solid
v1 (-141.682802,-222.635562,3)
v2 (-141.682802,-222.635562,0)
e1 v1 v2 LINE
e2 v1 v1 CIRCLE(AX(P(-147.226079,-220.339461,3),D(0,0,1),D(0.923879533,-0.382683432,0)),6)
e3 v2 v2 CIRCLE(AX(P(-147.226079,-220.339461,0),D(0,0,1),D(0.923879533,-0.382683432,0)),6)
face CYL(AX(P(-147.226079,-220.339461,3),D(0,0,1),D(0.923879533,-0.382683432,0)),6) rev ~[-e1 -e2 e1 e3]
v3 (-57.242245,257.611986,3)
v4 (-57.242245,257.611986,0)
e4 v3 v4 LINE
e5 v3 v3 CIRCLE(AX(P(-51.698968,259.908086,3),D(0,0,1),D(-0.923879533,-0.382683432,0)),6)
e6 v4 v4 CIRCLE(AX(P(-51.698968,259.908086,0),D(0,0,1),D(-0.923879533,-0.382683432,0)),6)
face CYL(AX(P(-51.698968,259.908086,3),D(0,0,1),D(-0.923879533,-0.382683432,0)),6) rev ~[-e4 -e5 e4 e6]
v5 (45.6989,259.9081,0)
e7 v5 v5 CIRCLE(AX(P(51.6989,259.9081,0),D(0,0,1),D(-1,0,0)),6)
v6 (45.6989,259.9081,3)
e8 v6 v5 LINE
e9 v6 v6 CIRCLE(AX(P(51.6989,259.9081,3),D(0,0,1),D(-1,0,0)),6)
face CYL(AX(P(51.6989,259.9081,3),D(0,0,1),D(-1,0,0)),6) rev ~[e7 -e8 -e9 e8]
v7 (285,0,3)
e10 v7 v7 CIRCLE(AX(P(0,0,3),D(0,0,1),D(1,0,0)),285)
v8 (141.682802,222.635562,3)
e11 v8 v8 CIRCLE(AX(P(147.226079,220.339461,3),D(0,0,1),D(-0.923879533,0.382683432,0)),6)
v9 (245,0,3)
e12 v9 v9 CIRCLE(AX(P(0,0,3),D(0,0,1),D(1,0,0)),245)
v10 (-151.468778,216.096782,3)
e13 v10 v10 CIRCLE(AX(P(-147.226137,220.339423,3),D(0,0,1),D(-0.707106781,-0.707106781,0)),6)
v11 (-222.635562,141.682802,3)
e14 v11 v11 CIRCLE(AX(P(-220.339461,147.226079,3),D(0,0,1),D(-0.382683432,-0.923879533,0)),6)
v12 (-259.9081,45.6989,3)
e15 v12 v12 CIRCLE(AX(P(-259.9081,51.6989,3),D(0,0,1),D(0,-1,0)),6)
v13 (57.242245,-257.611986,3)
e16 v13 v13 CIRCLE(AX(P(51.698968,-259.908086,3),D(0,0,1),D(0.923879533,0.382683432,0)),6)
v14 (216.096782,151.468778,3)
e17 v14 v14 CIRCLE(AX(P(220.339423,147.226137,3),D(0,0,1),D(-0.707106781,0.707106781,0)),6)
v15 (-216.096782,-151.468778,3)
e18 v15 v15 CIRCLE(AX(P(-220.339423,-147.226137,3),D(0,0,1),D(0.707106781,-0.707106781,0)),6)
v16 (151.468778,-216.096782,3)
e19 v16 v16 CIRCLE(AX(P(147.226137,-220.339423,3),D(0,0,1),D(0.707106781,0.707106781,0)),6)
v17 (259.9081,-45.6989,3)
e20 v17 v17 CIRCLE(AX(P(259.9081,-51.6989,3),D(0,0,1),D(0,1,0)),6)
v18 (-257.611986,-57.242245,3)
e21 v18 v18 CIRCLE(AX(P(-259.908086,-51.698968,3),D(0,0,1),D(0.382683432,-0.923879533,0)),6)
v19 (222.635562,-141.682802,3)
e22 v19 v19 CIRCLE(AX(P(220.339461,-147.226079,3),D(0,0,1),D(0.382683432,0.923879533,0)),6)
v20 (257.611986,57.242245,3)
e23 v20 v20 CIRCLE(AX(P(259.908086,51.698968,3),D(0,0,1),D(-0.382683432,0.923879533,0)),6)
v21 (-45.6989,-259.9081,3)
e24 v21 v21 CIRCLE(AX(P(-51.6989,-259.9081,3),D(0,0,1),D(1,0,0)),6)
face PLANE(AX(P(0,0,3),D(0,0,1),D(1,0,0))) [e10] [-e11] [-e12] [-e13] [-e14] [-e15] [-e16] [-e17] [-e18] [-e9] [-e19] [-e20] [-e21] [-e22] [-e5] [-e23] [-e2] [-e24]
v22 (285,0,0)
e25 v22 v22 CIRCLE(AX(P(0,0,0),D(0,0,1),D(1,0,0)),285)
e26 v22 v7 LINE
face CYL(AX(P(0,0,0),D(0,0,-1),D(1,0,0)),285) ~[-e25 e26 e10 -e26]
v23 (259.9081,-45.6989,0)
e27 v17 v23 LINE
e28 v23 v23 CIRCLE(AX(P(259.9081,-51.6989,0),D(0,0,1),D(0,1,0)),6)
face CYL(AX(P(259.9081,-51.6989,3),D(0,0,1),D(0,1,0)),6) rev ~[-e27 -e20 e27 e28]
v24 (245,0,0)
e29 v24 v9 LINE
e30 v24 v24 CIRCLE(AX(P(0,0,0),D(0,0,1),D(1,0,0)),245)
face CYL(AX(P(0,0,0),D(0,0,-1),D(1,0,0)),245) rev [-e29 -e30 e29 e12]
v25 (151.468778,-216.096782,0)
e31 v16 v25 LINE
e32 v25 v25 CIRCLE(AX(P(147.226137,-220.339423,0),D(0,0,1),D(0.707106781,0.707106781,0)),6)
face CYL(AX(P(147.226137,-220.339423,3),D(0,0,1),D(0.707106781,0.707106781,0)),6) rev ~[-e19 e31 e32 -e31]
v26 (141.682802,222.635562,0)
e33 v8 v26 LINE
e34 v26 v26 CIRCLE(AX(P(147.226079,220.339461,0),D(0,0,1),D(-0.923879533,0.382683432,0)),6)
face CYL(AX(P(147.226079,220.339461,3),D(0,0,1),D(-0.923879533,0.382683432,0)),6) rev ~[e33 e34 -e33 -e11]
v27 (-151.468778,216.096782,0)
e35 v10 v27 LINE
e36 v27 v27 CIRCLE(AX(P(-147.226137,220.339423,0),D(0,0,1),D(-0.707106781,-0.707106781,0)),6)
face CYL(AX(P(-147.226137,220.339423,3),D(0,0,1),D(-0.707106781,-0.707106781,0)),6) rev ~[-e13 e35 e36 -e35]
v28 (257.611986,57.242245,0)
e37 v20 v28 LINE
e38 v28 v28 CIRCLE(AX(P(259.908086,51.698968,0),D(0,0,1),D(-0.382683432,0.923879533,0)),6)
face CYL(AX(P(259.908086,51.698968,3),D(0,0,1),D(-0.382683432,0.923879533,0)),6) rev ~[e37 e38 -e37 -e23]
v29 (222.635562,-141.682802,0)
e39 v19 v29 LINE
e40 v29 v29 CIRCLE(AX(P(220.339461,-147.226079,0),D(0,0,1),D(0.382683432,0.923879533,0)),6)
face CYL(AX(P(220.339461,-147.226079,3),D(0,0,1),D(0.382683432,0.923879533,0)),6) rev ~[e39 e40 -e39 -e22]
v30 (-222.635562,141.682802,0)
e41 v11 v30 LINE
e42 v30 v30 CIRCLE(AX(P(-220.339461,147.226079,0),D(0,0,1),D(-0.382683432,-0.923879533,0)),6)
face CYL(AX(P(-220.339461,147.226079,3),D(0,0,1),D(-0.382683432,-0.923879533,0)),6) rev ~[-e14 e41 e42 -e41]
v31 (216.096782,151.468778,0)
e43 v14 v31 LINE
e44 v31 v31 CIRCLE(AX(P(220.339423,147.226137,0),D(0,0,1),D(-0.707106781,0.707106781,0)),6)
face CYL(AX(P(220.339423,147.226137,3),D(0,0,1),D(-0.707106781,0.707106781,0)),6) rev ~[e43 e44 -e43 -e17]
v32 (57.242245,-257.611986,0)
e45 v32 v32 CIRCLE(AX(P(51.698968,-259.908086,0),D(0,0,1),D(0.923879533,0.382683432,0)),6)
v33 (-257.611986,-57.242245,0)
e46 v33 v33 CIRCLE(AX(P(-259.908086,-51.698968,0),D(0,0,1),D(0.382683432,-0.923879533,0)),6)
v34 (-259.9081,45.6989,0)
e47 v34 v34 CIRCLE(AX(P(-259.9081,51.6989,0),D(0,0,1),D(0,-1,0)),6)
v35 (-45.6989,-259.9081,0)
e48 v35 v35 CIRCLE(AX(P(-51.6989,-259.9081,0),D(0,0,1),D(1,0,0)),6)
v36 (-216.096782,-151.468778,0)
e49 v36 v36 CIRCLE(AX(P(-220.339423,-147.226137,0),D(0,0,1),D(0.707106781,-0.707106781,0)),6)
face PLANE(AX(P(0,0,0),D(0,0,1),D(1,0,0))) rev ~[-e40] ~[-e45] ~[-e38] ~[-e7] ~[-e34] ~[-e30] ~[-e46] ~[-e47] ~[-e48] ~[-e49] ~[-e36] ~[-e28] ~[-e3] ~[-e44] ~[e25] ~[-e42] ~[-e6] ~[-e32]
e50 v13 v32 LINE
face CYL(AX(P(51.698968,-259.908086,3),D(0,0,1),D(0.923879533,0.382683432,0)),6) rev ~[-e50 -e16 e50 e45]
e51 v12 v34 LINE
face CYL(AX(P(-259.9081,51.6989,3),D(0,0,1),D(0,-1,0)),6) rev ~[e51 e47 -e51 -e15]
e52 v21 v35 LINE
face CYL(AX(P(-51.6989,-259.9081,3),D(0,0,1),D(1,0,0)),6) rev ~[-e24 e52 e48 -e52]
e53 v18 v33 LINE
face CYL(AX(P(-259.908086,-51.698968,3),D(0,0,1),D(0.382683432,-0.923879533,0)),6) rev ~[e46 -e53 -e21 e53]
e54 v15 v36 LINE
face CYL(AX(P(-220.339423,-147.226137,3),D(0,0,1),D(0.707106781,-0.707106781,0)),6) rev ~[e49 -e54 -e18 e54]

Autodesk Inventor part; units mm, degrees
ref_plane "YZ Plane" through (0, 0, 0) normal (1, 0, 0) x (0, 1, 0)
ref_plane "XZ Plane" through (0, 0, 0) normal (0, 1, 0) x (-1, 0, 0)
ref_plane "XY Plane" through (0, 0, 0) normal (0, 0, 1) x (1, 0, 0)
sketch "Sketch1" plane through (0, 0, 0) normal (0, 0, 1) x (1, 0, 0)
  circle A0 centre (0, 0) radius 245
  circle A1 centre (0, 0) radius 285
  circle A2 centre (0, 0) radius 265 construction
  line L0 (0, 285) -> (0, 245) construction
  point P0 (0, 265)
  dimension "d9" = 530
  dimension "d11" = 40
extrude "Plate1" add sketch "Sketch1" along normal blind 3
sketch "Sketch2" plane through (0, 0, 3) normal (0, 0, 1) x (1, 0, 0)
  circle A0 centre (0, 0) radius 245 construction
  circle A1 centre (0, 0) radius 285 construction
  circle A2 centre (0, 0) radius 285 projected
  circle A3 centre (0, 0) radius 245 projected
  line L0 (0, 0) -> (0, -285) construction
  line L1 (0, 0) -> (-55.6007, -279.5238) construction
  line L2 (-47.7971, -240.2924) -> (-55.6007, -279.5238) construction
  circle A4 centre (-51.6989, -259.9081) radius 6
  dimension "d20" = 11.25
  dimension "d21" = 12
extrude "Extrusion1" cut sketch "Sketch2" against normal through all contours A4
sketch "Sketch3" plane through (0, 0, 3) normal (0, 0, 1) x (1, 0, 0)
  circle A0 centre (0, 0) radius 245 projected
  line L0 (-245, 0) -> (-250, 0) construction
  line L1 (-250, 5) -> (-250, -5)
  line L2 (-250, 5) -> (-244.949, 5)
  line L3 (-250, -5) -> (-244.949, -5)
  line L4 (245, 0) -> (250, 0) construction
  line L5 (250, 5) -> (250, -5)
  line L6 (250, 5) -> (244.949, 5)
  line L7 (250, -5) -> (244.949, -5)
  dimension "d23" = 5
  dimension "d24" = 10
extrude "Extrusion2" [suppressed]
pattern_circular "Circular Pattern2" count 16 over 360 about axis through (0, 0, 0) along (0, 0, 1) of "Extrusion1"
equation "\"d9\" = Шпил_пласт_КОРМА_диам_центров"
equation "\"d11\" = Шпил_пласт_КОРМА_ширина"
equation "\"d21\" = Шпил_пласт_КОРМА_диам_шпильки"
equation "\"d2\" = Thickness"
equation "\"BendRadius\" = Thickness"
equation "\"BendReliefWidth\" = Thickness"
equation "\"BendReliefDepth\" = 0.5 * Thickness"
equation "\"CornerReliefSize\" = 4 * Thickness"
equation "\"MinimumRemnant\" = 2 * Thickness"
equation "\"TransitionRadius\" = BendRadius"
equation "\"JacobiRadiusSize\" = BendRadius"
equation "\"GapSize\" = Thickness"
equation "\"Шпил_пласт_КОРМА_диам_центров\" = 530"
equation "\"Шпил_пласт_КОРМА_ширина\" = 40"
equation "\"Шпил_пласт_КОРМА_диам_шпильки\" = 12"
equation "\"Thickness\" = 3"
properties part number "ДМФ 041 кольцо под шпильки КОРМА v2.0"
